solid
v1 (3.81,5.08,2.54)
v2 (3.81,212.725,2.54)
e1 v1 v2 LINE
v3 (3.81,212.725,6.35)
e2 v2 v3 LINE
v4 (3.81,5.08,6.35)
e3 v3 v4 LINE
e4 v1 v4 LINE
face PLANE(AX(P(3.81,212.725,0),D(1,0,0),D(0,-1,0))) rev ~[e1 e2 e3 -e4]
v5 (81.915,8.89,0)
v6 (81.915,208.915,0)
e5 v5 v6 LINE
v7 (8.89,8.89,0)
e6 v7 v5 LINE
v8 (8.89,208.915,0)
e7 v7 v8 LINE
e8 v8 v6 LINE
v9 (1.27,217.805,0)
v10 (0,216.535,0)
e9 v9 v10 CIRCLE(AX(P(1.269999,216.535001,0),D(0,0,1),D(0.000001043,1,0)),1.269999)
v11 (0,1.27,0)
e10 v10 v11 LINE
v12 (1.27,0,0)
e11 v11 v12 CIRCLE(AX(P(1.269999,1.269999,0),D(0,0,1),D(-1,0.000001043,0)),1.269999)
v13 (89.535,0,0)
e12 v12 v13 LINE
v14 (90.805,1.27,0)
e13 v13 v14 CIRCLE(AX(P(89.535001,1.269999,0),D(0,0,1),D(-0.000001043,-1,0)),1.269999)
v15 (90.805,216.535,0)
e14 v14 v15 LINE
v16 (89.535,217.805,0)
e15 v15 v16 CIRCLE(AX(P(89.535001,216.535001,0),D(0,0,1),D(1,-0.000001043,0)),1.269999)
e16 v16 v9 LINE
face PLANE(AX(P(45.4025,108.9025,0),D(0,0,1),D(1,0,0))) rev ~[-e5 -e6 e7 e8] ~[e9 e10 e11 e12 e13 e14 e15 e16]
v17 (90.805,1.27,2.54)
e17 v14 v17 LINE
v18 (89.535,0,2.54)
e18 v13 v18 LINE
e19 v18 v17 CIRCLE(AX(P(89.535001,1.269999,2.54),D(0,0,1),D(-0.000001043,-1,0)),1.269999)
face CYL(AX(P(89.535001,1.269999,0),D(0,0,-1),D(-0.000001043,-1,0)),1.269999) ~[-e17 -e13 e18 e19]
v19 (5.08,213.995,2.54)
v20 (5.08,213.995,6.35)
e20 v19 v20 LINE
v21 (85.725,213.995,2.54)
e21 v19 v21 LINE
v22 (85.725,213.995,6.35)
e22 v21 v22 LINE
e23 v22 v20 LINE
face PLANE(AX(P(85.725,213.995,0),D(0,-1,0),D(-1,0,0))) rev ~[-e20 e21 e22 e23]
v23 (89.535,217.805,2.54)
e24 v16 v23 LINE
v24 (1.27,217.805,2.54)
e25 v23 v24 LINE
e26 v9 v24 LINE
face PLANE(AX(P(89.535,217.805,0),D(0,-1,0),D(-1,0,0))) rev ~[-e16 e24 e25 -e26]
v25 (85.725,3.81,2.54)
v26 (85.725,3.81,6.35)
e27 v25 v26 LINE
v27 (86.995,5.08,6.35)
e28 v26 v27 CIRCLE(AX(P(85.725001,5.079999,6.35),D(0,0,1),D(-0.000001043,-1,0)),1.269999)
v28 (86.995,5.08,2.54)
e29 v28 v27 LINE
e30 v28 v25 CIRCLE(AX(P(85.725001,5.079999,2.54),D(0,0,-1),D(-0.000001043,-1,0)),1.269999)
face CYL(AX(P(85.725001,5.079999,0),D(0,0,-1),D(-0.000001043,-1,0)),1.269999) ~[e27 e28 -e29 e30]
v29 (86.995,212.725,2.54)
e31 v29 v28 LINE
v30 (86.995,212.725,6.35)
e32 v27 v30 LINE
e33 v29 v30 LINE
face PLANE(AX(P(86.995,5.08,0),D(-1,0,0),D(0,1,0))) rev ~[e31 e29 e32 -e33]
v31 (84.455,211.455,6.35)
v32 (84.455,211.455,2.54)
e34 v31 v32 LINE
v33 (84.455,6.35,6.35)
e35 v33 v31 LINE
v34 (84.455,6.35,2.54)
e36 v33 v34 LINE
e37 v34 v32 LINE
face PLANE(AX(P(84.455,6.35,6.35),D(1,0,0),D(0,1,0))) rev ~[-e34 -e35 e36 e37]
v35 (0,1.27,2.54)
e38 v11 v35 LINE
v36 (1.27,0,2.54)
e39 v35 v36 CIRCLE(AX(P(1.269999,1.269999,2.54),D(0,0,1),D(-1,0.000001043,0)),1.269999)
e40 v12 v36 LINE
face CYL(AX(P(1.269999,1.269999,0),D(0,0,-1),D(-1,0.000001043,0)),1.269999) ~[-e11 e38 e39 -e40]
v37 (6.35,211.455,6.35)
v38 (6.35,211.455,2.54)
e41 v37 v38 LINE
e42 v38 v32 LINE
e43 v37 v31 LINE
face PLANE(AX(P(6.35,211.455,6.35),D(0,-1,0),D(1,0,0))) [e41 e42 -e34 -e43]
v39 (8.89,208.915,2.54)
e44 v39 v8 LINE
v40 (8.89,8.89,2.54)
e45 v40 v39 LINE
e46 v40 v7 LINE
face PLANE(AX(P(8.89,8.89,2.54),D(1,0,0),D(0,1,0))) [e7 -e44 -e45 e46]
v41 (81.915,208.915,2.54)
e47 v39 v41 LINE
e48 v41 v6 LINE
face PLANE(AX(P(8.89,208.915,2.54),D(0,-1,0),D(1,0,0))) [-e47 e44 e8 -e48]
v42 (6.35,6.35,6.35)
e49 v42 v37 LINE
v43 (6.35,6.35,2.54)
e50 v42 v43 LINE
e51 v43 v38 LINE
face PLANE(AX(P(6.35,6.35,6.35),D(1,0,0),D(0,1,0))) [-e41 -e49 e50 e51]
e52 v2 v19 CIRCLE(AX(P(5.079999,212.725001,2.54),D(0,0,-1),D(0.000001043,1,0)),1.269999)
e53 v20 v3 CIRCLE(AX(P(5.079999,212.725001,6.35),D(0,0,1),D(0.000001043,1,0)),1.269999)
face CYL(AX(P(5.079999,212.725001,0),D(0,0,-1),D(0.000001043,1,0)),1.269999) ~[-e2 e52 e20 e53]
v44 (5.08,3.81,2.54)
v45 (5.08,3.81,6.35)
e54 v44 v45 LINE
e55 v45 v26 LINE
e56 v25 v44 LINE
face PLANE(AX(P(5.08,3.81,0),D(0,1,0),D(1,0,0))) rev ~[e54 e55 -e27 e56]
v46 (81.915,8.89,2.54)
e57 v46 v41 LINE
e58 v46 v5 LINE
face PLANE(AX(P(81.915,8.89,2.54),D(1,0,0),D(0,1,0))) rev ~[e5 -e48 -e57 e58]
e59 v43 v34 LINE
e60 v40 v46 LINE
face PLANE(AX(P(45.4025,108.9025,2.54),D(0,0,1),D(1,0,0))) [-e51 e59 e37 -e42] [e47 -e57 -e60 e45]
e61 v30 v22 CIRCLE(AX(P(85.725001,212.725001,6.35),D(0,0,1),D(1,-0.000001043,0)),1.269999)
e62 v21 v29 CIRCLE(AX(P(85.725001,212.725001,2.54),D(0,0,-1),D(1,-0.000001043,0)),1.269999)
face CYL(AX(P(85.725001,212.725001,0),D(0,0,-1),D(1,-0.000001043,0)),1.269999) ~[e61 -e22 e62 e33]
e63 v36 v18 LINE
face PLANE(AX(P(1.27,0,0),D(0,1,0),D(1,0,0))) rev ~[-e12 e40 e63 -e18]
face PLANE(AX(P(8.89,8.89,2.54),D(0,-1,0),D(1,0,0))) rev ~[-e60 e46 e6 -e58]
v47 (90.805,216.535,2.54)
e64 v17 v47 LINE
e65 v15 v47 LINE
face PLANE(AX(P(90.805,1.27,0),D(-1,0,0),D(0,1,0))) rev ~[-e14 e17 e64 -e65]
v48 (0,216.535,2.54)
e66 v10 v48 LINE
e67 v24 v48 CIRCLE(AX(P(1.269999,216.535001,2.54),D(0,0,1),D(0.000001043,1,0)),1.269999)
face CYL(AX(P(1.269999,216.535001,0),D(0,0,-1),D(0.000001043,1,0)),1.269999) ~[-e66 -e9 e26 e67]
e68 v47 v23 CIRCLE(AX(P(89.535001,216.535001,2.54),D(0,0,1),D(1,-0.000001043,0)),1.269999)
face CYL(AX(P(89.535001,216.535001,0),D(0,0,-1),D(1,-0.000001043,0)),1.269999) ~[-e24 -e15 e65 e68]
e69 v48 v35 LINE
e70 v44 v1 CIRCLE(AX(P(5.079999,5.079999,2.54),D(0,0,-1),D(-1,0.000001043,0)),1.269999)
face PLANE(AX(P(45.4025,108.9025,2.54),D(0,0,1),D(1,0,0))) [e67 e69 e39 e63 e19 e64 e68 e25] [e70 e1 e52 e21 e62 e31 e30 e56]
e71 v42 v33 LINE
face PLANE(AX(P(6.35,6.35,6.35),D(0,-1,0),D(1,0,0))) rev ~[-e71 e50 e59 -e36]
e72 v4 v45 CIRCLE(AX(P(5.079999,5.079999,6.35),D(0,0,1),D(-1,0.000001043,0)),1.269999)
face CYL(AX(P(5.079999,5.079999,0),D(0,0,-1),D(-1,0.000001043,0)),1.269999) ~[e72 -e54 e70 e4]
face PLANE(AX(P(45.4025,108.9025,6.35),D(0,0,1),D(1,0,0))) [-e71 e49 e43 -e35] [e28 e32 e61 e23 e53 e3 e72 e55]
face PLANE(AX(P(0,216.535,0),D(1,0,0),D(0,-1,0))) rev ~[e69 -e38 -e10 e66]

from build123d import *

# Parameters (mm, degrees)
F1_DEPTH = 2.54
F3_DEPTH = 6.35
F4_W     = 78.105
F4_H     = 205.105
F5_DEPTH = 3.81
F6_W     = 73.025
F6_H     = 200.025
F7_DEPTH = 2.54


with BuildPart() as f1:
    # F0 (on Top) → F1 (new body)
    with BuildSketch(Plane.XY):
        with BuildLine():
            ThreePointArc((0, 1.27), (0.371974, 0.371974), (1.27, 0))
            Line((1.27, 0), (89.535, 0))
            ThreePointArc((89.535, 0), (90.433026, 0.371974), (90.805, 1.27))
            Line((90.805, 1.27), (90.805, 216.535))
            ThreePointArc((90.805, 216.535), (90.433026, 217.433026), (89.535, 217.805))
            Line((89.535, 217.805), (1.27, 217.805))
            ThreePointArc((1.27, 217.805), (0.371974, 217.433026), (0, 216.535))
            Line((0, 216.535), (0, 1.27))
        make_face()
    extrude(amount=F1_DEPTH)

    # F2 (on Top) → F3 (join)
    with BuildSketch(Plane.XY):
        with BuildLine():
            Line((3.81, 212.725), (3.81, 5.08))
            ThreePointArc((3.81, 5.08), (4.181974, 4.181974), (5.08, 3.81))
            Line((5.08, 3.81), (85.725, 3.81))
            ThreePointArc((85.725, 3.81), (86.623026, 4.181974), (86.995, 5.08))
            Line((86.995, 5.08), (86.995, 212.725))
            ThreePointArc((86.995, 212.725), (86.623026, 213.623026), (85.725, 213.995))
            Line((85.725, 213.995), (5.08, 213.995))
            ThreePointArc((5.08, 213.995), (4.181974, 213.623026), (3.81, 212.725))
        make_face()
    extrude(amount=F3_DEPTH)

    # F4 (on face) → F5 (cut)
    with BuildSketch(Plane.XY.offset(6.35)):
        with Locations((45.4025, 108.9025)):
            Rectangle(F4_W, F4_H)
    extrude(amount=-F5_DEPTH, mode=Mode.SUBTRACT)

    # F6 (on face) → F7 (cut)
    with BuildSketch(Plane.XY.offset(2.54)):
        with Locations((45.4025, 108.9025)):
            Rectangle(F6_W, F6_H)
    extrude(amount=-F7_DEPTH, mode=Mode.SUBTRACT)


solid = f1.part
